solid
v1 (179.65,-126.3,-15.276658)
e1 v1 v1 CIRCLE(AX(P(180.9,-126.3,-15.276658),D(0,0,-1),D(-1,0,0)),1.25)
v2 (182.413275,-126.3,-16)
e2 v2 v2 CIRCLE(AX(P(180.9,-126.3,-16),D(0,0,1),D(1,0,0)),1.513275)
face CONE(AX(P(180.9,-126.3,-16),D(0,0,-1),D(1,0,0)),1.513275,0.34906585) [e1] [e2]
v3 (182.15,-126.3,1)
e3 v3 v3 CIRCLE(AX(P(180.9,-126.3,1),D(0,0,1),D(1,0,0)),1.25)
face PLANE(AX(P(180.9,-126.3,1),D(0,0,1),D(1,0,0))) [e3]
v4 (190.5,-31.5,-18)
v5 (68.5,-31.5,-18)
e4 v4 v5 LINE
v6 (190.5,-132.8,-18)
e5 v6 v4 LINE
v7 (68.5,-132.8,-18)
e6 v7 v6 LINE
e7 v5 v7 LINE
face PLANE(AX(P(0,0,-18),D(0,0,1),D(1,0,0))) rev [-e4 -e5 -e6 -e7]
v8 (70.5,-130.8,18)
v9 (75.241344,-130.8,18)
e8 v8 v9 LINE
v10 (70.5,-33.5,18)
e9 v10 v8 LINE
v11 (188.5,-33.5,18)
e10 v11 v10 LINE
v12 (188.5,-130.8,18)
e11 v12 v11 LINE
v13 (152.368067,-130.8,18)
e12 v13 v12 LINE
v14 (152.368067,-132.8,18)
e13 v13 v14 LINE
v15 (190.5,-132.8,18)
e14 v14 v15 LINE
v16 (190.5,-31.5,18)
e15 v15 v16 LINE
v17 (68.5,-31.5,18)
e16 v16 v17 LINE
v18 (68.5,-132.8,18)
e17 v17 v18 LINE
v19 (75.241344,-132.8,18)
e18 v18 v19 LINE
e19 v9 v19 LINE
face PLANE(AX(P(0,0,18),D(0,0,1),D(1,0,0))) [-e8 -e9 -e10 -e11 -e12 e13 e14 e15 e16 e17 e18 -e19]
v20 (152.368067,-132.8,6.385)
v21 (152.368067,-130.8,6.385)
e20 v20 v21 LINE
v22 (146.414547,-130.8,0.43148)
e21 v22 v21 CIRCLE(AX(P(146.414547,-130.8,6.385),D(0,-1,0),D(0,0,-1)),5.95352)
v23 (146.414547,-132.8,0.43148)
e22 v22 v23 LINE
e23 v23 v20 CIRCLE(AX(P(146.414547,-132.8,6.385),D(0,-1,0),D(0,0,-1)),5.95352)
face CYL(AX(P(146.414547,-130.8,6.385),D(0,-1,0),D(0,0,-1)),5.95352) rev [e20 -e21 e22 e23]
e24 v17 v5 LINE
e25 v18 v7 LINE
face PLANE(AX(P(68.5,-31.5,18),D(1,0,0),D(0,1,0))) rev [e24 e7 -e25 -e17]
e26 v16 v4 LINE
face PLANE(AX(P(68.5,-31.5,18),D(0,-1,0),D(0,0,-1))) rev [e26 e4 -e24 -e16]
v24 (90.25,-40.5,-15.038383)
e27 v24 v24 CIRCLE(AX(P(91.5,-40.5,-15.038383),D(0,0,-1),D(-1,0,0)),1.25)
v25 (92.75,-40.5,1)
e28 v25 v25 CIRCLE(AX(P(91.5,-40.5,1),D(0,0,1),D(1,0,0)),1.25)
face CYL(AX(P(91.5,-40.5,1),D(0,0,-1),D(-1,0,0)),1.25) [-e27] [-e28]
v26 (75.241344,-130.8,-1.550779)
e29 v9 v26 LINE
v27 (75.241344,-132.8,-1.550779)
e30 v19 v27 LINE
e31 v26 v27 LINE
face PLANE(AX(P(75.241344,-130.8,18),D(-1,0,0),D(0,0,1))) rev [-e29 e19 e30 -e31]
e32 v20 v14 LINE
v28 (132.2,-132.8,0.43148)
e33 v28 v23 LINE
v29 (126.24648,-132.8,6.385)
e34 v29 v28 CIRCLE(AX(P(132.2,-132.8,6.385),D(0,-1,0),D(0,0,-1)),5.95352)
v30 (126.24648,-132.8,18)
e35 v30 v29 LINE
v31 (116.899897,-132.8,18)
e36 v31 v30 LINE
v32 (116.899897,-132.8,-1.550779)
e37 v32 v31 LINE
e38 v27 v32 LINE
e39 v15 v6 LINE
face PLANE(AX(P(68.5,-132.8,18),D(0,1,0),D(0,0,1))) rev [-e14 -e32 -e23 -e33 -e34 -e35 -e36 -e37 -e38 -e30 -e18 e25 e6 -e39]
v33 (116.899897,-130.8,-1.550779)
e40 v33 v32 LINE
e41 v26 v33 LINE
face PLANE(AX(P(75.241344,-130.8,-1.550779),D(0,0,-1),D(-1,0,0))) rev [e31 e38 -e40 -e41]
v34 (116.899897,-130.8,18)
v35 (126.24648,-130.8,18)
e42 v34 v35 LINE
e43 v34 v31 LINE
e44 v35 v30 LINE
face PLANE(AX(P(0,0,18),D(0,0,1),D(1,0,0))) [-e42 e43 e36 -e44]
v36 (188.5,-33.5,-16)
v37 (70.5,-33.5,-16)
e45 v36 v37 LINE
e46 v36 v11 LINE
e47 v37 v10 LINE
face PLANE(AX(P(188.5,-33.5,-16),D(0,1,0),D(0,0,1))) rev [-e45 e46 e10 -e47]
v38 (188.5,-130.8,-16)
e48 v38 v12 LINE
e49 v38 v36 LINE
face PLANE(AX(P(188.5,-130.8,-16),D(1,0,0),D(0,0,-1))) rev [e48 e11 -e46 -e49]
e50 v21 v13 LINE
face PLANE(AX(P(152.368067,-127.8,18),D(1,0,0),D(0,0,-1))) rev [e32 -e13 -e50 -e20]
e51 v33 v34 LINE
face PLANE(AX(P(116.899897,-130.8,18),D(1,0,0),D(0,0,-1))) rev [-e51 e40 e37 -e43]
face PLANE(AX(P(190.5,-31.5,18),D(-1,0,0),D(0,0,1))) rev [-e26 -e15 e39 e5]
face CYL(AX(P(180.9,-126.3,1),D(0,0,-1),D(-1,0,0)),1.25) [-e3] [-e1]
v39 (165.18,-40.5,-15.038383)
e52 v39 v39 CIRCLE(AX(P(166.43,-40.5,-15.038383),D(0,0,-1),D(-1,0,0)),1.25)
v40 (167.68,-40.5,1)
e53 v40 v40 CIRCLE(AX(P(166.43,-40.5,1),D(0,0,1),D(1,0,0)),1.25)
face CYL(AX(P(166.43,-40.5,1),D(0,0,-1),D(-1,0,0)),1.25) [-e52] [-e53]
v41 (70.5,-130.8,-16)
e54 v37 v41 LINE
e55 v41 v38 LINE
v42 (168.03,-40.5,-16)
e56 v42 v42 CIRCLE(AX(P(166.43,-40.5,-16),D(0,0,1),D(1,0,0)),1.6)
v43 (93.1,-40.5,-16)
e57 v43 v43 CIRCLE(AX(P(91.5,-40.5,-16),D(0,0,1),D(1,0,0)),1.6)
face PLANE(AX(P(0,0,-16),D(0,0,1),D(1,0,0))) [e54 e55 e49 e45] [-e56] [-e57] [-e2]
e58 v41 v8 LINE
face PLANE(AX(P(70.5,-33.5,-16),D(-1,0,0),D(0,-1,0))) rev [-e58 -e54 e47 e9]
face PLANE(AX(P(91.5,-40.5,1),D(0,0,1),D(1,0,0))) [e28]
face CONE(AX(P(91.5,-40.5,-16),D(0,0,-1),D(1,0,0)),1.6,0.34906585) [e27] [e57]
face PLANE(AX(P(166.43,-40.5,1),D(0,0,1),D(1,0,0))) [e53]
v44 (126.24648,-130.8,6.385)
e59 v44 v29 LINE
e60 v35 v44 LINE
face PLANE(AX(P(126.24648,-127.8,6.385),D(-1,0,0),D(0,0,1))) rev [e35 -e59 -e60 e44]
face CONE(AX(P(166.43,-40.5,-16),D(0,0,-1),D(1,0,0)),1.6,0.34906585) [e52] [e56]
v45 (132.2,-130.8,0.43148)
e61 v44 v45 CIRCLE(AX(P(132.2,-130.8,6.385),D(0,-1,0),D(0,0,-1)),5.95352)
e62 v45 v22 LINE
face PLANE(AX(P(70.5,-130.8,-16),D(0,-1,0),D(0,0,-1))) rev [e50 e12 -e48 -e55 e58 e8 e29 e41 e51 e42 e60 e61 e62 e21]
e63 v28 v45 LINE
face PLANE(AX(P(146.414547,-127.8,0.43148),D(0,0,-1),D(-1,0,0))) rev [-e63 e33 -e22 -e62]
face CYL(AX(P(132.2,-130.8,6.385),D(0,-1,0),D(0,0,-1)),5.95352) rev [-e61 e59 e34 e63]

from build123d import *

# Parameters (mm, degrees)
SKETCH1_W            = 122
SKETCH1_H            = 101.3
BOSS_EXTRUDE1_DEPTH  = 18
SKETCH2_W            = 118
SKETCH2_H            = 97.3
CUT_EXTRUDE1_DEPTH   = 34
SKETCH4_R            = 5.953519792
CUT_EXTRUDE5_DEPTH   = 2
SKETCH5_W            = 41.658553798
SKETCH5_H            = 19.550778972
CUT_EXTRUDE10_DEPTH  = 2
SKETCH9_W            = 11.907039584
SKETCH9_H            = 11.615
CUT_EXTRUDE12_DEPTH  = 5
SKETCH10_W           = 11.907039584
SKETCH10_H           = 11.615
CUT_EXTRUDE13_DEPTH  = 5
SKETCH11_R           = 1.25
BOSS_EXTRUDE6_DEPTH  = 17
SKETCH14_R           = 1.25
BOSS_EXTRUDE8_DEPTH  = 17
SKETCH15_R           = 1.25
BOSS_EXTRUDE10_DEPTH = 17
SKETCH16_W           = 14.214546847
SKETCH16_H           = 17.568519792
CUT_EXTRUDE14_DEPTH  = 5
SKETCH17_R           = 1.6
BOSS_EXTRUDE11_DEPTH = 1
BOSS_EXTRUDE11_TAPER = 20
SKETCH18_R           = 1.6
BOSS_EXTRUDE13_DEPTH = 1
BOSS_EXTRUDE13_TAPER = 20
SKETCH19_R           = 1.513275
BOSS_EXTRUDE14_DEPTH = 1
BOSS_EXTRUDE14_TAPER = 20


with BuildPart() as part:
    # Sketch1 → Boss-Extrude1 (new, symmetric)
    with BuildSketch(Plane.XY):
        with Locations((129.5, -82.15)):
            Rectangle(SKETCH1_W, SKETCH1_H)
    extrude(amount=BOSS_EXTRUDE1_DEPTH, both=True)

    # Sketch2 → Cut-Extrude1 (cut)
    with BuildSketch(Plane.XY.offset(18)):
        with Locations((129.5, -82.15)):
            Rectangle(SKETCH2_W, SKETCH2_H)
    extrude(amount=-CUT_EXTRUDE1_DEPTH, mode=Mode.SUBTRACT)

    # Sketch4 → Cut-Extrude5 (cut)
    with BuildSketch(Plane(origin=(0, -132.8, 0), x_dir=(-1, 0, 0), z_dir=(0, -1, 0))):
        with Locations(Location((-132.2, -6.385, 0), (0, 0, 90))):
            Circle(SKETCH4_R)
        with Locations(Location((-146.414546847, -6.385, 0), (0, 0, 90))):
            Circle(SKETCH4_R)
    extrude(amount=-CUT_EXTRUDE5_DEPTH, mode=Mode.SUBTRACT)

    # Sketch5 → Cut-Extrude10 (cut)
    with BuildSketch(Plane(origin=(0, -132.8, 0), x_dir=(-1, 0, 0), z_dir=(0, -1, 0))):
        with Locations((-96.070620406, -8.224610514)):
            Rectangle(SKETCH5_W, SKETCH5_H)
    extrude(amount=-CUT_EXTRUDE10_DEPTH, mode=Mode.SUBTRACT)

    # Sketch9 → Cut-Extrude12 (cut)
    with BuildSketch(Plane(origin=(0, -132.8, 0), x_dir=(-1, 0, 0), z_dir=(0, -1, 0))):
        with Locations((-146.414546847, -12.1925)):
            Rectangle(SKETCH9_W, SKETCH9_H)
    extrude(amount=-CUT_EXTRUDE12_DEPTH, mode=Mode.SUBTRACT)

    # Sketch10 → Cut-Extrude13 (cut)
    with BuildSketch(Plane(origin=(0, -132.8, 0), x_dir=(-1, 0, 0), z_dir=(0, -1, 0))):
        with Locations((-132.2, -12.1925)):
            Rectangle(SKETCH10_W, SKETCH10_H)
    extrude(amount=-CUT_EXTRUDE13_DEPTH, mode=Mode.SUBTRACT)

    # Sketch11 → Boss-Extrude6 (add)
    with BuildSketch(Plane.XY.offset(-16)):
        with Locations((91.5, -40.5)):
            Circle(SKETCH11_R)
    extrude(amount=BOSS_EXTRUDE6_DEPTH)

    # Sketch14 → Boss-Extrude8 (add)
    with BuildSketch(Plane.XY.offset(-16)):
        with Locations((166.43, -40.5)):
            Circle(SKETCH14_R)
    extrude(amount=BOSS_EXTRUDE8_DEPTH)

    # Sketch15 → Boss-Extrude10 (add)
    with BuildSketch(Plane.XY.offset(-16)):
        with Locations((180.9, -126.3)):
            Circle(SKETCH15_R)
    extrude(amount=BOSS_EXTRUDE10_DEPTH)

    # Sketch16 → Cut-Extrude14 (cut)
    with BuildSketch(Plane(origin=(0, -132.8, 0), x_dir=(-1, 0, 0), z_dir=(0, -1, 0))):
        with Locations((-139.307273424, -9.215740104)):
            Rectangle(SKETCH16_W, SKETCH16_H)
    extrude(amount=-CUT_EXTRUDE14_DEPTH, mode=Mode.SUBTRACT)

    # Sketch17 → Boss-Extrude11 (add)
    with BuildSketch(Plane.XY.offset(-16)):
        with Locations((91.5, -40.5)):
            Circle(SKETCH17_R)
    extrude(amount=BOSS_EXTRUDE11_DEPTH, taper=BOSS_EXTRUDE11_TAPER)

    # Sketch18 → Boss-Extrude13 (add)
    with BuildSketch(Plane.XY.offset(-16)):
        with Locations((166.43, -40.5)):
            Circle(SKETCH18_R)
    extrude(amount=BOSS_EXTRUDE13_DEPTH, taper=BOSS_EXTRUDE13_TAPER)

    # Sketch19 → Boss-Extrude14 (add)
    with BuildSketch(Plane.XY.offset(-16)):
        with Locations((180.9, -126.3)):
            Circle(SKETCH19_R)
    extrude(amount=BOSS_EXTRUDE14_DEPTH, taper=BOSS_EXTRUDE14_TAPER)


solid = part.part
